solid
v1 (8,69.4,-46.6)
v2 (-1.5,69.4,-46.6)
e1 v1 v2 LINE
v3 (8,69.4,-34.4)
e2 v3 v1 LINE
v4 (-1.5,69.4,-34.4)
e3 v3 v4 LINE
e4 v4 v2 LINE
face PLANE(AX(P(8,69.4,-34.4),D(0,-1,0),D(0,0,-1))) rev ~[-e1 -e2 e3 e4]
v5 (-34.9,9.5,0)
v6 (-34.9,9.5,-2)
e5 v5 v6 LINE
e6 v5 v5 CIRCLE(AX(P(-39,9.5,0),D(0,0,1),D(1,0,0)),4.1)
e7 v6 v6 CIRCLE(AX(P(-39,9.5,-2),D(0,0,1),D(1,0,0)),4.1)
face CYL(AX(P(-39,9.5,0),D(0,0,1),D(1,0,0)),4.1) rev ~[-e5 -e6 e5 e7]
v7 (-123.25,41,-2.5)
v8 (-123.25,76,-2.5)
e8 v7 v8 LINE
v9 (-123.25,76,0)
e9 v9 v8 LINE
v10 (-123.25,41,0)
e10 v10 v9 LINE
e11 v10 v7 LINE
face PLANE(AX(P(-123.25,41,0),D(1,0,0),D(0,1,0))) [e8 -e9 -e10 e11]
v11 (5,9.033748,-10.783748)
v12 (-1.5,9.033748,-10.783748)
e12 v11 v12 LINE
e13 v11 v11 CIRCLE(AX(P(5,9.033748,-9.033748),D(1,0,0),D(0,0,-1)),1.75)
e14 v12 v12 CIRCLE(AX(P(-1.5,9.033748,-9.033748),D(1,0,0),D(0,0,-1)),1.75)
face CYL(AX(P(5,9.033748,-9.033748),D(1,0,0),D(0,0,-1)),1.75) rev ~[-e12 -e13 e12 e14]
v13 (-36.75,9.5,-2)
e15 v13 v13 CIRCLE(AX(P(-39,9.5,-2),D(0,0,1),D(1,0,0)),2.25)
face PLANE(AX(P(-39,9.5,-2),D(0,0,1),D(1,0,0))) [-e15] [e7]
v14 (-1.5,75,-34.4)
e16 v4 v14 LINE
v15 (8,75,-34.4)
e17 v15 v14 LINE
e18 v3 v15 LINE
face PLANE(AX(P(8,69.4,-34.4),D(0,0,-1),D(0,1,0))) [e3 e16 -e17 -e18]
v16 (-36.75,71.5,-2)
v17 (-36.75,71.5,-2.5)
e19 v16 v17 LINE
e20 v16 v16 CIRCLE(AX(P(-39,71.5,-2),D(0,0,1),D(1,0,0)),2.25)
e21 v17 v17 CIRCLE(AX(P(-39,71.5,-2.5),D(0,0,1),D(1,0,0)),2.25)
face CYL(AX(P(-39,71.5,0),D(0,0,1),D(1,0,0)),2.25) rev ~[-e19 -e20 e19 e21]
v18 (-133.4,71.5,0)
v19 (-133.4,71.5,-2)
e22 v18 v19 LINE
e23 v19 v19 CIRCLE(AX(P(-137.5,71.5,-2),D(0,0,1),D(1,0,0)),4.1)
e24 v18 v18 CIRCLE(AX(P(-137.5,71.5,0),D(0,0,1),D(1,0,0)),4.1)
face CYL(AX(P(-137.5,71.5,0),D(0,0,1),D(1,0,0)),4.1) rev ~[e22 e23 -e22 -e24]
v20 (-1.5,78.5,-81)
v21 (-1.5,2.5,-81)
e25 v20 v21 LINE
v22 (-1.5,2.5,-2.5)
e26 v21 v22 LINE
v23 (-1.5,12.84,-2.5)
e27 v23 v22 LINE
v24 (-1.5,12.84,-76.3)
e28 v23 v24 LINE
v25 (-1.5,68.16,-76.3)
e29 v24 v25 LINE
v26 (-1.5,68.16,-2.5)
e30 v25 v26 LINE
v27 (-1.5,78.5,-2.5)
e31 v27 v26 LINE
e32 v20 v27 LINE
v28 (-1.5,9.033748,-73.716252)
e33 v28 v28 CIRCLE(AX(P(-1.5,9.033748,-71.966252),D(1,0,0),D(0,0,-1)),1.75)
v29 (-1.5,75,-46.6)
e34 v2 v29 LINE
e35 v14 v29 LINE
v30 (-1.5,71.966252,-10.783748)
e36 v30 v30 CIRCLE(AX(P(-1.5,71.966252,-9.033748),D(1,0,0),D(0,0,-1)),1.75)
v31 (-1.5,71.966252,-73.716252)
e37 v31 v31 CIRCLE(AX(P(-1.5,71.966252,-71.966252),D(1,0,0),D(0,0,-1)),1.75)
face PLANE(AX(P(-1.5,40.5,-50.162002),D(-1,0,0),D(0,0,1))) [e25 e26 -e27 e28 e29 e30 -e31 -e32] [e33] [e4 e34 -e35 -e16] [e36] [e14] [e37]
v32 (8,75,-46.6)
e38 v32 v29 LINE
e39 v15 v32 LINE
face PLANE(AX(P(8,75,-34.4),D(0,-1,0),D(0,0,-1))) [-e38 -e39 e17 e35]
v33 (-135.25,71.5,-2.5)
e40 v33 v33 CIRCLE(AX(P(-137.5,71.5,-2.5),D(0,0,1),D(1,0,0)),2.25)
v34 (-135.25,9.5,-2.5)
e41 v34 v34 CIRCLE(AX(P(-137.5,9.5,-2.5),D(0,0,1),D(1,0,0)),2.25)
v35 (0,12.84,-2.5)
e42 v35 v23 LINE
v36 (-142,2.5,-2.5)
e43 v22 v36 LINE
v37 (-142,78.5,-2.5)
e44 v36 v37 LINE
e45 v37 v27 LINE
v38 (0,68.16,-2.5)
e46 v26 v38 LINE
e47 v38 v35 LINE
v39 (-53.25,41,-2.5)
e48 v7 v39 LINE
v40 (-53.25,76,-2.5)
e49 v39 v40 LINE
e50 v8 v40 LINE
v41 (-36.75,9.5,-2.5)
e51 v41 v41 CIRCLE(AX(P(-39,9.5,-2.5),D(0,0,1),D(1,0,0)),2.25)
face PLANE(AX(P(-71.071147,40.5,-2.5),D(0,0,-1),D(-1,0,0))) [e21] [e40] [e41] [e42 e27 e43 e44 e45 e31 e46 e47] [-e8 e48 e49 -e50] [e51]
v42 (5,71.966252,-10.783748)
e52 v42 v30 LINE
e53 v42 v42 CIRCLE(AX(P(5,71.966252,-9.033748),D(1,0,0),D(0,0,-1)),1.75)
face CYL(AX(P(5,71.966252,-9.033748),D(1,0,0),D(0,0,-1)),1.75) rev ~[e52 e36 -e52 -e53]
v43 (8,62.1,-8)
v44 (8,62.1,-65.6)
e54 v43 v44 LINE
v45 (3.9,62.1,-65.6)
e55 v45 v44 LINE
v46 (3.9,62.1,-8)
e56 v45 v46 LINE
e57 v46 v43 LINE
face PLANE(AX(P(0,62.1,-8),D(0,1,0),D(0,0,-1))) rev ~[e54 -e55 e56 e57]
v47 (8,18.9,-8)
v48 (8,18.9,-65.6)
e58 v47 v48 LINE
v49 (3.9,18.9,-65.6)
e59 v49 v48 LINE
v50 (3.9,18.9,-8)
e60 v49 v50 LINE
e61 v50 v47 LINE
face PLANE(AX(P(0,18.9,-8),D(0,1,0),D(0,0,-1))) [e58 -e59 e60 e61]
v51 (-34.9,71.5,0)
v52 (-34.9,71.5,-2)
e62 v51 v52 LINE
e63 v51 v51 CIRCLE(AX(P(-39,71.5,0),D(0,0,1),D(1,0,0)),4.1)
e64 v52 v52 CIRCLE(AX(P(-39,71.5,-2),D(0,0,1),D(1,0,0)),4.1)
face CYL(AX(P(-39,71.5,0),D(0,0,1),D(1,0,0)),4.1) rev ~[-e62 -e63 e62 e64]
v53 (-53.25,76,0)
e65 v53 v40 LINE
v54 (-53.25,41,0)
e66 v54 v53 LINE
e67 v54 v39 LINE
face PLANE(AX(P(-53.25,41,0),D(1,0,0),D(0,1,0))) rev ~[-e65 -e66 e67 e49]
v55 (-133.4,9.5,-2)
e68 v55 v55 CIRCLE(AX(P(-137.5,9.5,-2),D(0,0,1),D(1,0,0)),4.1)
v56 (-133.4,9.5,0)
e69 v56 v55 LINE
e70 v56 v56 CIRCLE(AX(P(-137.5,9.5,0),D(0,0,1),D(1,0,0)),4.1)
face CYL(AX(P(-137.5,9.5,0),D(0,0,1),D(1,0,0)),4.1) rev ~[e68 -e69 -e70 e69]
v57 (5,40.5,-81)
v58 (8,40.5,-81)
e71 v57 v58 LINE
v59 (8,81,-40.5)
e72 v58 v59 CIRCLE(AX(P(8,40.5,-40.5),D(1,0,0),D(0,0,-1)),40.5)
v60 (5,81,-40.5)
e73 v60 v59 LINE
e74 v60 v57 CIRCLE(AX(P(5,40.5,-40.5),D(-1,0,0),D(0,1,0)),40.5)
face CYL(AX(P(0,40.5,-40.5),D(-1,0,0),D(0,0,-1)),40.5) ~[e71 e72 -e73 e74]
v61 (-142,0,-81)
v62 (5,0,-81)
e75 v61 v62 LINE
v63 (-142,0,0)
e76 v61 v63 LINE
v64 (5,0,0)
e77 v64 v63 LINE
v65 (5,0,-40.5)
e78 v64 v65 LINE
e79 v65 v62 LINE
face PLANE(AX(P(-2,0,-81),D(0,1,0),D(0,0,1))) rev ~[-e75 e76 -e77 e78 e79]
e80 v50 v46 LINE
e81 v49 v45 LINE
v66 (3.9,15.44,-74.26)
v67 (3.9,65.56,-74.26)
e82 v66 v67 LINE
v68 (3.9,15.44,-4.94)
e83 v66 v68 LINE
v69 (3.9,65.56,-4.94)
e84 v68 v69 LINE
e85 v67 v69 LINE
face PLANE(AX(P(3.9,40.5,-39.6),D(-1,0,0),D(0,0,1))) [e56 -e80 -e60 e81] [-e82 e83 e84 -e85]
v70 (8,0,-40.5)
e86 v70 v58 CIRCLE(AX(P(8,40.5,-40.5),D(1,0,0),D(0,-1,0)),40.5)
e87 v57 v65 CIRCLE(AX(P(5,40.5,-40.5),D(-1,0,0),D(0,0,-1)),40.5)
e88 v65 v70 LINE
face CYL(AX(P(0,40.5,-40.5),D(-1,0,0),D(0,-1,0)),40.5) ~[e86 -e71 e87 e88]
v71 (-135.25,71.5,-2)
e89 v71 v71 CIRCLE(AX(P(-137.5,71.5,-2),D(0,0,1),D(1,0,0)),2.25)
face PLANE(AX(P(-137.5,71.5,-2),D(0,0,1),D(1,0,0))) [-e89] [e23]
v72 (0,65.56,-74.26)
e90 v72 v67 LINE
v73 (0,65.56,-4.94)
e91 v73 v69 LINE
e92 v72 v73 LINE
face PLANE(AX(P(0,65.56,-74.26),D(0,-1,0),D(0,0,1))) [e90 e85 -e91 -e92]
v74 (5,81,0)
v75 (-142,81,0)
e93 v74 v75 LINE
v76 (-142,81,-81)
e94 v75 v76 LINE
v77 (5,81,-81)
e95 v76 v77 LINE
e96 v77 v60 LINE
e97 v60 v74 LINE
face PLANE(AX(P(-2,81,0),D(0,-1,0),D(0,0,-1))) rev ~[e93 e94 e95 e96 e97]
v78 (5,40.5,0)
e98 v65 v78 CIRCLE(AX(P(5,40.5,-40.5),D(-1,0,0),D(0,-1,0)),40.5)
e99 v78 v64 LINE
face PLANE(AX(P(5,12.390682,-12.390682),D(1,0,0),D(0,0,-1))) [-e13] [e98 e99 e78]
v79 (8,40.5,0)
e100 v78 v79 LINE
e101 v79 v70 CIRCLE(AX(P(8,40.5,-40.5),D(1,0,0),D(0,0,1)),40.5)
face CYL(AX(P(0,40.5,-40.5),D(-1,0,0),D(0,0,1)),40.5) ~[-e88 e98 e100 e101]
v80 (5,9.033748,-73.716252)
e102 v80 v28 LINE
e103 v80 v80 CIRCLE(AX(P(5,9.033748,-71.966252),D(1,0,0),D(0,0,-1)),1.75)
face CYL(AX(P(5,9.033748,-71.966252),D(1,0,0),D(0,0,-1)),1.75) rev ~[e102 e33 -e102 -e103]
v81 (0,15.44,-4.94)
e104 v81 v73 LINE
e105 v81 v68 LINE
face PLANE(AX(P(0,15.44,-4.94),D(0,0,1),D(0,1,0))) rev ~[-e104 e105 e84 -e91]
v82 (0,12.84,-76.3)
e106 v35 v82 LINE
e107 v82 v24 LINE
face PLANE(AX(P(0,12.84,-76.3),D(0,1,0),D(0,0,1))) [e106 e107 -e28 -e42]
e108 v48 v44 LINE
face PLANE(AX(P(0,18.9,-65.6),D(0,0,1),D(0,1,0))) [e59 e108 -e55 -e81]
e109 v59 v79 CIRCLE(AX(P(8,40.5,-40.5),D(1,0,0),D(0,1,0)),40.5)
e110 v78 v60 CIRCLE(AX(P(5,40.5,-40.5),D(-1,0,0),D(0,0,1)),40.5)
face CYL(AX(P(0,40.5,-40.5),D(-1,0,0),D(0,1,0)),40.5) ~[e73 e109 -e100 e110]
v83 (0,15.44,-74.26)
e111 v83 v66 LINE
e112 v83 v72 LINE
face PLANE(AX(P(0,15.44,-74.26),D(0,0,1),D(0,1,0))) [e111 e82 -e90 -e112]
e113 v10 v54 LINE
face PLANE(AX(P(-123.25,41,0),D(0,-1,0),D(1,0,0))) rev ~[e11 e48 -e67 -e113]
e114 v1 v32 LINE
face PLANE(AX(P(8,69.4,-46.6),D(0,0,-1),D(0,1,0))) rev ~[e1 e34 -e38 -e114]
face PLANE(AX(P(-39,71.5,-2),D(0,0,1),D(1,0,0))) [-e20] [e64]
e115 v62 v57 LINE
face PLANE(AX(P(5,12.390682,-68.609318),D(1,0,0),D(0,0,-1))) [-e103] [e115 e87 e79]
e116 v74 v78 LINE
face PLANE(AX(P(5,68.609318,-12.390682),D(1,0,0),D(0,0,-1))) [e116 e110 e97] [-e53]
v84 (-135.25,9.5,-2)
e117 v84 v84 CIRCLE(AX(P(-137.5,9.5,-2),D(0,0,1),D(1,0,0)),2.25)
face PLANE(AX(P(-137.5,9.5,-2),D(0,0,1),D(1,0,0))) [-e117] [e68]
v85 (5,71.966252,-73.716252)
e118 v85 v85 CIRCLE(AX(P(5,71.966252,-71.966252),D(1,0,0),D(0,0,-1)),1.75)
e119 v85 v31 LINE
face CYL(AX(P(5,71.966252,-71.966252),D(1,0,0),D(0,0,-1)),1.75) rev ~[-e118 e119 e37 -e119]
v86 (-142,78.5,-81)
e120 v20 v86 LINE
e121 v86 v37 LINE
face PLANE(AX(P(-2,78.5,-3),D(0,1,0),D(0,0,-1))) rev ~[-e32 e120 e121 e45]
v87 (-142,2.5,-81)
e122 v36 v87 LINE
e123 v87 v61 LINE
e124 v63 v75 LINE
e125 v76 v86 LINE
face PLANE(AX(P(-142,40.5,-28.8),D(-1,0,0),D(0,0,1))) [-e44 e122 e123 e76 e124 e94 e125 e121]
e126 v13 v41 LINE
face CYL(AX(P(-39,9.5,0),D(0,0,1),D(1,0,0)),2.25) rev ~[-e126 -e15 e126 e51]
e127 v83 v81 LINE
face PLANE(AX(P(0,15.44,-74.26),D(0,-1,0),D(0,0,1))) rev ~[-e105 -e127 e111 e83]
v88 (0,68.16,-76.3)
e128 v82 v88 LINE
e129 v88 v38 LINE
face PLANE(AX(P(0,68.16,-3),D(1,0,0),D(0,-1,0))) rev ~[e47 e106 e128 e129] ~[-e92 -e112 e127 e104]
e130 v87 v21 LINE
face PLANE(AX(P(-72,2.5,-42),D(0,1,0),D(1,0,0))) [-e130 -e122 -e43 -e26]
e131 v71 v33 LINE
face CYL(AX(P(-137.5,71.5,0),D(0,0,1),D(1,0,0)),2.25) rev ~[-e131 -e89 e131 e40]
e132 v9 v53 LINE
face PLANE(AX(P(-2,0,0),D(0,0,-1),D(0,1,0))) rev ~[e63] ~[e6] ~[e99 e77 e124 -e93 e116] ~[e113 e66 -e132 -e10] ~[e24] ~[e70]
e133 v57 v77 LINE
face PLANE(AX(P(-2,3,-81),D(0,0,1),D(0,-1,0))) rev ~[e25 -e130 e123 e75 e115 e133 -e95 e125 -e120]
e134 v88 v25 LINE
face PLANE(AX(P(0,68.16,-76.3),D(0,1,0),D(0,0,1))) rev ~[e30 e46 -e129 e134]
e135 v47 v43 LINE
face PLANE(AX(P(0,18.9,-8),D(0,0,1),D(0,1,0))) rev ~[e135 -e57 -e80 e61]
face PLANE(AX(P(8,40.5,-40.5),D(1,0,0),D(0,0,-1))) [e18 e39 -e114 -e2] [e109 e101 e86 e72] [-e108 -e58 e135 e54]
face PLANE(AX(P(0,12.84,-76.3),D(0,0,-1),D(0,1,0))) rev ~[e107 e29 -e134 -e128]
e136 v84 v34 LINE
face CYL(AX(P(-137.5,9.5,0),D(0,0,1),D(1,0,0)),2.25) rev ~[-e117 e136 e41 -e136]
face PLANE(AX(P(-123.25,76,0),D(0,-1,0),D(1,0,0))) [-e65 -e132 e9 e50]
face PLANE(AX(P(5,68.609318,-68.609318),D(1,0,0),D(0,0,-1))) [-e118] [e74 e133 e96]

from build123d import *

# Parameters (mm, degrees)
SZKIC1_W                    = 57.6
SZKIC1_H                    = 43.2
DODANIE_WYCI_GNI_CIE1_DEPTH = 8
DODANIE_WYCI_GNI_CIE2_DEPTH = 5
SZKIC2_W                    = 69.32
SZKIC2_H                    = 50.12
SZKIC2_W_2                  = 57.6
SZKIC2_H_2                  = 43.2
WYTNIJ_WYCI_GNI_CIE1_DEPTH  = 3.9
SZKIC2_4_W                  = 81
SZKIC2_4_H                  = 81
SZKIC2_4_W_2                = 73.3
SZKIC2_4_H_2                = 55.32
DODANIE_WYCI_GNI_CIE3_DEPTH = 2
DODANIE_WYCI_GNI_CIE4_DEPTH = 140
WYTNIJ_WYCI_GNI_CIE2_REACH  = 184.445
SZKIC5_R                    = 2.25
SZKIC6_R                    = 4.1
WYTNIJ_WYCI_GNI_CIE3_DEPTH  = 2
WYTNIJ_WYCI_GNI_CIE4_REACH  = 184.445
SZKIC7_W                    = 70
SZKIC7_H                    = 35
WYTNIJ_WYCI_GNI_CIE5_REACH  = 188.363
SZKIC8_R                    = 1.75
WYTNIJ_WYCI_GNI_CIE6_REACH  = 190.738
SZKIC9_W                    = 12.2
SZKIC9_H                    = 5.6
SZKIC10_W                   = 140
SZKIC10_H                   = 78
WYTNIJ_WYCI_GNI_CIE7_DEPTH  = 0.5
SZKIC11_W                   = 140
SZKIC11_H                   = 78
WYTNIJ_WYCI_GNI_CIE8_DEPTH  = 0.5
WYTNIJ_WYCI_GNI_CIE9_DEPTH  = 0.5
WYTNIJ_WYCI_GNI_CIE10_DEPTH = 0.5


with BuildPart() as part:
    # Szkic1 → Dodanie-wyciągnięcie1 (new body)
    with BuildSketch(Plane(origin=(0, 0, 0), x_dir=(0, 0, -1), z_dir=(1, 0, 0))):
        with BuildLine():
            ThreePointArc((81, 40.5), (69.137824638, 69.137824638), (40.5, 81))
            ThreePointArc((40.5, 81), (11.862175362, 69.137824638), (0, 40.5))
            ThreePointArc((0, 40.5), (11.862175362, 11.862175362), (40.5, 0))
            ThreePointArc((40.5, 0), (69.137824638, 11.862175362), (81, 40.5))
        make_face()
        with Locations((36.8, 40.5)):
            Rectangle(SZKIC1_W, SZKIC1_H, mode=Mode.SUBTRACT)
    extrude(amount=DODANIE_WYCI_GNI_CIE1_DEPTH)

    # Szkic1<3> → Dodanie-wyciągnięcie2 (add)
    with BuildSketch(Plane(origin=(0, 0, 0), x_dir=(0, 0, -1), z_dir=(1, 0, 0))):
        with BuildLine():
            Line((40.5, 81), (0, 81))
            Line((0, 81), (0, 40.5))
            ThreePointArc((0, 40.5), (11.862175362, 69.137824638), (40.5, 81))
        make_face()
        with BuildLine():
            Line((81, 81), (40.5, 81))
            ThreePointArc((40.5, 81), (69.137824638, 69.137824638), (81, 40.5))
            Line((81, 40.5), (81, 81))
        make_face()
        with BuildLine():
            ThreePointArc((40.5, 0), (11.862175362, 11.862175362), (0, 40.5))
            Line((0, 40.5), (0, 0))
            Line((0, 0), (40.5, 0))
        make_face()
        with BuildLine():
            Line((81, 0), (81, 40.5))
            ThreePointArc((81, 40.5), (69.137824638, 11.862175362), (40.5, 0))
            Line((40.5, 0), (81, 0))
        make_face()
    extrude(amount=DODANIE_WYCI_GNI_CIE2_DEPTH)

    # Szkic2 → Wytnij-wyciągnięcie1 (cut)
    with BuildSketch(Plane.ZY):
        with Locations((-39.6, 40.5)):
            Rectangle(SZKIC2_W, SZKIC2_H)
        with Locations((-36.8, 40.5)):
            Rectangle(SZKIC2_W_2, SZKIC2_H_2, mode=Mode.SUBTRACT)
    extrude(amount=-WYTNIJ_WYCI_GNI_CIE1_DEPTH, mode=Mode.SUBTRACT)

    # Szkic2<4> → Dodanie-wyciągnięcie3 (add)
    with BuildSketch(Plane.ZY):
        with Locations((-40.5, 40.5)):
            Rectangle(SZKIC2_4_W, SZKIC2_4_H)
        with Locations((-39.65, 40.5)):
            Rectangle(SZKIC2_4_W_2, SZKIC2_4_H_2, mode=Mode.SUBTRACT)
    extrude(amount=DODANIE_WYCI_GNI_CIE3_DEPTH)

    # Szkic3 → Dodanie-wyciągnięcie4 (add)
    with BuildSketch(Plane.ZY.offset(2)):
        Polygon((-81, 0), (0, 0), (0, 81), (-81, 81), (-81, 78), (-3, 78), (-3, 3), (-81, 3), align=None)
    extrude(amount=DODANIE_WYCI_GNI_CIE4_DEPTH)

    # Szkic5 → Wytnij-wyciągnięcie2 (cut, up to next)
    with BuildSketch(Plane.XY, mode=Mode.PRIVATE) as wytnij_wyci_gni_cie2_sk1:
        with Locations((-137.5, 71.5)):
            Circle(SZKIC5_R)
    wytnij_wyci_gni_cie2_tool1 = extrude(wytnij_wyci_gni_cie2_sk1.sketch, amount=-WYTNIJ_WYCI_GNI_CIE2_REACH, mode=Mode.PRIVATE) & part.part
    # Szkic5 → Wytnij-wyciągnięcie2 (cut, up to next)
    with BuildSketch(Plane.XY, mode=Mode.PRIVATE) as wytnij_wyci_gni_cie2_sk2:
        with Locations((-39, 71.5)):
            Circle(SZKIC5_R)
    wytnij_wyci_gni_cie2_tool2 = extrude(wytnij_wyci_gni_cie2_sk2.sketch, amount=-WYTNIJ_WYCI_GNI_CIE2_REACH, mode=Mode.PRIVATE) & part.part
    # Szkic5 → Wytnij-wyciągnięcie2 (cut, up to next)
    with BuildSketch(Plane.XY, mode=Mode.PRIVATE) as wytnij_wyci_gni_cie2_sk3:
        with Locations((-137.5, 9.5)):
            Circle(SZKIC5_R)
    wytnij_wyci_gni_cie2_tool3 = extrude(wytnij_wyci_gni_cie2_sk3.sketch, amount=-WYTNIJ_WYCI_GNI_CIE2_REACH, mode=Mode.PRIVATE) & part.part
    # Szkic5 → Wytnij-wyciągnięcie2 (cut, up to next)
    with BuildSketch(Plane.XY, mode=Mode.PRIVATE) as wytnij_wyci_gni_cie2_sk4:
        with Locations((-39, 9.5)):
            Circle(SZKIC5_R)
    wytnij_wyci_gni_cie2_tool4 = extrude(wytnij_wyci_gni_cie2_sk4.sketch, amount=-WYTNIJ_WYCI_GNI_CIE2_REACH, mode=Mode.PRIVATE) & part.part
    add(wytnij_wyci_gni_cie2_tool1.solids().sort_by_distance((-137.5, 71.5, 0))[0], mode=Mode.SUBTRACT)
    add(wytnij_wyci_gni_cie2_tool2.solids().sort_by_distance((-39, 71.5, 0))[0], mode=Mode.SUBTRACT)
    add(wytnij_wyci_gni_cie2_tool3.solids().sort_by_distance((-137.5, 9.5, 0))[0], mode=Mode.SUBTRACT)
    add(wytnij_wyci_gni_cie2_tool4.solids().sort_by_distance((-39, 9.5, 0))[0], mode=Mode.SUBTRACT)

    # Szkic6 → Wytnij-wyciągnięcie3 (cut)
    with BuildSketch(Plane.XY):
        with Locations((-137.5, 71.5)):
            Circle(SZKIC6_R)
        with Locations((-39, 71.5)):
            Circle(SZKIC6_R)
        with Locations((-39, 9.5)):
            Circle(SZKIC6_R)
        with Locations((-137.5, 9.5)):
            Circle(SZKIC6_R)
    extrude(amount=-WYTNIJ_WYCI_GNI_CIE3_DEPTH, mode=Mode.SUBTRACT)

    # Szkic7 → Wytnij-wyciągnięcie4 (cut, up to next)
    with BuildSketch(Plane.XY, mode=Mode.PRIVATE) as wytnij_wyci_gni_cie4_sk1:
        with Locations((-88.25, 58.5)):
            Rectangle(SZKIC7_W, SZKIC7_H)
    wytnij_wyci_gni_cie4_tool1 = extrude(wytnij_wyci_gni_cie4_sk1.sketch, amount=-WYTNIJ_WYCI_GNI_CIE4_REACH, mode=Mode.PRIVATE) & part.part
    add(wytnij_wyci_gni_cie4_tool1.solids().sort_by_distance((-88.25, 58.5, 0))[0], mode=Mode.SUBTRACT)

    # Szkic8 → Wytnij-wyciągnięcie5 (cut, up to next)
    with BuildSketch(Plane(origin=(5, 0, 0), x_dir=(0, 0, -1), z_dir=(1, 0, 0)), mode=Mode.PRIVATE) as wytnij_wyci_gni_cie5_sk1:
        with Locations((9.033748237, 71.966251763)):
            Circle(SZKIC8_R)
    wytnij_wyci_gni_cie5_tool1 = extrude(wytnij_wyci_gni_cie5_sk1.sketch, amount=-WYTNIJ_WYCI_GNI_CIE5_REACH, mode=Mode.PRIVATE) & part.part
    # Szkic8 → Wytnij-wyciągnięcie5 (cut, up to next)
    with BuildSketch(Plane(origin=(5, 0, 0), x_dir=(0, 0, -1), z_dir=(1, 0, 0)), mode=Mode.PRIVATE) as wytnij_wyci_gni_cie5_sk2:
        with Locations((71.966251763, 71.966251763)):
            Circle(SZKIC8_R)
    wytnij_wyci_gni_cie5_tool2 = extrude(wytnij_wyci_gni_cie5_sk2.sketch, amount=-WYTNIJ_WYCI_GNI_CIE5_REACH, mode=Mode.PRIVATE) & part.part
    # Szkic8 → Wytnij-wyciągnięcie5 (cut, up to next)
    with BuildSketch(Plane(origin=(5, 0, 0), x_dir=(0, 0, -1), z_dir=(1, 0, 0)), mode=Mode.PRIVATE) as wytnij_wyci_gni_cie5_sk3:
        with Locations((71.966251763, 9.033748237)):
            Circle(SZKIC8_R)
    wytnij_wyci_gni_cie5_tool3 = extrude(wytnij_wyci_gni_cie5_sk3.sketch, amount=-WYTNIJ_WYCI_GNI_CIE5_REACH, mode=Mode.PRIVATE) & part.part
    # Szkic8 → Wytnij-wyciągnięcie5 (cut, up to next)
    with BuildSketch(Plane(origin=(5, 0, 0), x_dir=(0, 0, -1), z_dir=(1, 0, 0)), mode=Mode.PRIVATE) as wytnij_wyci_gni_cie5_sk4:
        with Locations((9.033748237, 9.033748237)):
            Circle(SZKIC8_R)
    wytnij_wyci_gni_cie5_tool4 = extrude(wytnij_wyci_gni_cie5_sk4.sketch, amount=-WYTNIJ_WYCI_GNI_CIE5_REACH, mode=Mode.PRIVATE) & part.part
    add(wytnij_wyci_gni_cie5_tool1.solids().sort_by_distance((5, 71.966252, -9.033748))[0], mode=Mode.SUBTRACT)
    add(wytnij_wyci_gni_cie5_tool2.solids().sort_by_distance((5, 71.966252, -71.966252))[0], mode=Mode.SUBTRACT)
    add(wytnij_wyci_gni_cie5_tool3.solids().sort_by_distance((5, 9.033748, -71.966252))[0], mode=Mode.SUBTRACT)
    add(wytnij_wyci_gni_cie5_tool4.solids().sort_by_distance((5, 9.033748, -9.033748))[0], mode=Mode.SUBTRACT)

    # Szkic9 → Wytnij-wyciągnięcie6 (cut, up to next)
    with BuildSketch(Plane(origin=(8, 0, 0), x_dir=(0, 0, -1), z_dir=(1, 0, 0)), mode=Mode.PRIVATE) as wytnij_wyci_gni_cie6_sk1:
        with Locations((40.5, 72.2)):
            Rectangle(SZKIC9_W, SZKIC9_H)
    wytnij_wyci_gni_cie6_tool1 = extrude(wytnij_wyci_gni_cie6_sk1.sketch, amount=-WYTNIJ_WYCI_GNI_CIE6_REACH, mode=Mode.PRIVATE) & part.part
    add(wytnij_wyci_gni_cie6_tool1.solids().sort_by_distance((8, 72.2, -40.5))[0], mode=Mode.SUBTRACT)

    # Szkic10 → Wytnij-wyciągnięcie7 (cut)
    with BuildSketch(Plane.XZ.offset(-78)):
        with Locations((-72, -42)):
            Rectangle(SZKIC10_W, SZKIC10_H)
    extrude(amount=-WYTNIJ_WYCI_GNI_CIE7_DEPTH, mode=Mode.SUBTRACT)

    # Szkic11 → Wytnij-wyciągnięcie8 (cut)
    with BuildSketch(Plane(origin=(0, 3, 0), x_dir=(1, 0, 0), z_dir=(0, 1, 0))):
        with Locations((-72, 42)):
            Rectangle(SZKIC11_W, SZKIC11_H)
    extrude(amount=-WYTNIJ_WYCI_GNI_CIE8_DEPTH, mode=Mode.SUBTRACT)

    # Szkic12 → Wytnij-wyciągnięcie9 (cut)
    with BuildSketch(Plane.ZY.offset(2)):
        Polygon((-81, 78.5), (-81, 2.5), (-3, 2.5), (-3, 12.84), (-76.3, 12.84), (-76.3, 68.16), (-3, 68.16), (-3, 78.5), align=None)
    extrude(amount=-WYTNIJ_WYCI_GNI_CIE9_DEPTH, mode=Mode.SUBTRACT)

    # Szkic13 → Wytnij-wyciągnięcie10 (cut)
    with BuildSketch(Plane(origin=(0, 0, -3), x_dir=(-1, 0, 0), z_dir=(0, 0, -1))):
        Polygon((1.5, 78.5), (1.5, 68.16), (0, 68.16), (0, 12.84), (1.5, 12.84), (1.5, 2.5), (142, 2.5), (142, 78.5), align=None)
    extrude(amount=-WYTNIJ_WYCI_GNI_CIE10_DEPTH, mode=Mode.SUBTRACT)


solid = part.part
